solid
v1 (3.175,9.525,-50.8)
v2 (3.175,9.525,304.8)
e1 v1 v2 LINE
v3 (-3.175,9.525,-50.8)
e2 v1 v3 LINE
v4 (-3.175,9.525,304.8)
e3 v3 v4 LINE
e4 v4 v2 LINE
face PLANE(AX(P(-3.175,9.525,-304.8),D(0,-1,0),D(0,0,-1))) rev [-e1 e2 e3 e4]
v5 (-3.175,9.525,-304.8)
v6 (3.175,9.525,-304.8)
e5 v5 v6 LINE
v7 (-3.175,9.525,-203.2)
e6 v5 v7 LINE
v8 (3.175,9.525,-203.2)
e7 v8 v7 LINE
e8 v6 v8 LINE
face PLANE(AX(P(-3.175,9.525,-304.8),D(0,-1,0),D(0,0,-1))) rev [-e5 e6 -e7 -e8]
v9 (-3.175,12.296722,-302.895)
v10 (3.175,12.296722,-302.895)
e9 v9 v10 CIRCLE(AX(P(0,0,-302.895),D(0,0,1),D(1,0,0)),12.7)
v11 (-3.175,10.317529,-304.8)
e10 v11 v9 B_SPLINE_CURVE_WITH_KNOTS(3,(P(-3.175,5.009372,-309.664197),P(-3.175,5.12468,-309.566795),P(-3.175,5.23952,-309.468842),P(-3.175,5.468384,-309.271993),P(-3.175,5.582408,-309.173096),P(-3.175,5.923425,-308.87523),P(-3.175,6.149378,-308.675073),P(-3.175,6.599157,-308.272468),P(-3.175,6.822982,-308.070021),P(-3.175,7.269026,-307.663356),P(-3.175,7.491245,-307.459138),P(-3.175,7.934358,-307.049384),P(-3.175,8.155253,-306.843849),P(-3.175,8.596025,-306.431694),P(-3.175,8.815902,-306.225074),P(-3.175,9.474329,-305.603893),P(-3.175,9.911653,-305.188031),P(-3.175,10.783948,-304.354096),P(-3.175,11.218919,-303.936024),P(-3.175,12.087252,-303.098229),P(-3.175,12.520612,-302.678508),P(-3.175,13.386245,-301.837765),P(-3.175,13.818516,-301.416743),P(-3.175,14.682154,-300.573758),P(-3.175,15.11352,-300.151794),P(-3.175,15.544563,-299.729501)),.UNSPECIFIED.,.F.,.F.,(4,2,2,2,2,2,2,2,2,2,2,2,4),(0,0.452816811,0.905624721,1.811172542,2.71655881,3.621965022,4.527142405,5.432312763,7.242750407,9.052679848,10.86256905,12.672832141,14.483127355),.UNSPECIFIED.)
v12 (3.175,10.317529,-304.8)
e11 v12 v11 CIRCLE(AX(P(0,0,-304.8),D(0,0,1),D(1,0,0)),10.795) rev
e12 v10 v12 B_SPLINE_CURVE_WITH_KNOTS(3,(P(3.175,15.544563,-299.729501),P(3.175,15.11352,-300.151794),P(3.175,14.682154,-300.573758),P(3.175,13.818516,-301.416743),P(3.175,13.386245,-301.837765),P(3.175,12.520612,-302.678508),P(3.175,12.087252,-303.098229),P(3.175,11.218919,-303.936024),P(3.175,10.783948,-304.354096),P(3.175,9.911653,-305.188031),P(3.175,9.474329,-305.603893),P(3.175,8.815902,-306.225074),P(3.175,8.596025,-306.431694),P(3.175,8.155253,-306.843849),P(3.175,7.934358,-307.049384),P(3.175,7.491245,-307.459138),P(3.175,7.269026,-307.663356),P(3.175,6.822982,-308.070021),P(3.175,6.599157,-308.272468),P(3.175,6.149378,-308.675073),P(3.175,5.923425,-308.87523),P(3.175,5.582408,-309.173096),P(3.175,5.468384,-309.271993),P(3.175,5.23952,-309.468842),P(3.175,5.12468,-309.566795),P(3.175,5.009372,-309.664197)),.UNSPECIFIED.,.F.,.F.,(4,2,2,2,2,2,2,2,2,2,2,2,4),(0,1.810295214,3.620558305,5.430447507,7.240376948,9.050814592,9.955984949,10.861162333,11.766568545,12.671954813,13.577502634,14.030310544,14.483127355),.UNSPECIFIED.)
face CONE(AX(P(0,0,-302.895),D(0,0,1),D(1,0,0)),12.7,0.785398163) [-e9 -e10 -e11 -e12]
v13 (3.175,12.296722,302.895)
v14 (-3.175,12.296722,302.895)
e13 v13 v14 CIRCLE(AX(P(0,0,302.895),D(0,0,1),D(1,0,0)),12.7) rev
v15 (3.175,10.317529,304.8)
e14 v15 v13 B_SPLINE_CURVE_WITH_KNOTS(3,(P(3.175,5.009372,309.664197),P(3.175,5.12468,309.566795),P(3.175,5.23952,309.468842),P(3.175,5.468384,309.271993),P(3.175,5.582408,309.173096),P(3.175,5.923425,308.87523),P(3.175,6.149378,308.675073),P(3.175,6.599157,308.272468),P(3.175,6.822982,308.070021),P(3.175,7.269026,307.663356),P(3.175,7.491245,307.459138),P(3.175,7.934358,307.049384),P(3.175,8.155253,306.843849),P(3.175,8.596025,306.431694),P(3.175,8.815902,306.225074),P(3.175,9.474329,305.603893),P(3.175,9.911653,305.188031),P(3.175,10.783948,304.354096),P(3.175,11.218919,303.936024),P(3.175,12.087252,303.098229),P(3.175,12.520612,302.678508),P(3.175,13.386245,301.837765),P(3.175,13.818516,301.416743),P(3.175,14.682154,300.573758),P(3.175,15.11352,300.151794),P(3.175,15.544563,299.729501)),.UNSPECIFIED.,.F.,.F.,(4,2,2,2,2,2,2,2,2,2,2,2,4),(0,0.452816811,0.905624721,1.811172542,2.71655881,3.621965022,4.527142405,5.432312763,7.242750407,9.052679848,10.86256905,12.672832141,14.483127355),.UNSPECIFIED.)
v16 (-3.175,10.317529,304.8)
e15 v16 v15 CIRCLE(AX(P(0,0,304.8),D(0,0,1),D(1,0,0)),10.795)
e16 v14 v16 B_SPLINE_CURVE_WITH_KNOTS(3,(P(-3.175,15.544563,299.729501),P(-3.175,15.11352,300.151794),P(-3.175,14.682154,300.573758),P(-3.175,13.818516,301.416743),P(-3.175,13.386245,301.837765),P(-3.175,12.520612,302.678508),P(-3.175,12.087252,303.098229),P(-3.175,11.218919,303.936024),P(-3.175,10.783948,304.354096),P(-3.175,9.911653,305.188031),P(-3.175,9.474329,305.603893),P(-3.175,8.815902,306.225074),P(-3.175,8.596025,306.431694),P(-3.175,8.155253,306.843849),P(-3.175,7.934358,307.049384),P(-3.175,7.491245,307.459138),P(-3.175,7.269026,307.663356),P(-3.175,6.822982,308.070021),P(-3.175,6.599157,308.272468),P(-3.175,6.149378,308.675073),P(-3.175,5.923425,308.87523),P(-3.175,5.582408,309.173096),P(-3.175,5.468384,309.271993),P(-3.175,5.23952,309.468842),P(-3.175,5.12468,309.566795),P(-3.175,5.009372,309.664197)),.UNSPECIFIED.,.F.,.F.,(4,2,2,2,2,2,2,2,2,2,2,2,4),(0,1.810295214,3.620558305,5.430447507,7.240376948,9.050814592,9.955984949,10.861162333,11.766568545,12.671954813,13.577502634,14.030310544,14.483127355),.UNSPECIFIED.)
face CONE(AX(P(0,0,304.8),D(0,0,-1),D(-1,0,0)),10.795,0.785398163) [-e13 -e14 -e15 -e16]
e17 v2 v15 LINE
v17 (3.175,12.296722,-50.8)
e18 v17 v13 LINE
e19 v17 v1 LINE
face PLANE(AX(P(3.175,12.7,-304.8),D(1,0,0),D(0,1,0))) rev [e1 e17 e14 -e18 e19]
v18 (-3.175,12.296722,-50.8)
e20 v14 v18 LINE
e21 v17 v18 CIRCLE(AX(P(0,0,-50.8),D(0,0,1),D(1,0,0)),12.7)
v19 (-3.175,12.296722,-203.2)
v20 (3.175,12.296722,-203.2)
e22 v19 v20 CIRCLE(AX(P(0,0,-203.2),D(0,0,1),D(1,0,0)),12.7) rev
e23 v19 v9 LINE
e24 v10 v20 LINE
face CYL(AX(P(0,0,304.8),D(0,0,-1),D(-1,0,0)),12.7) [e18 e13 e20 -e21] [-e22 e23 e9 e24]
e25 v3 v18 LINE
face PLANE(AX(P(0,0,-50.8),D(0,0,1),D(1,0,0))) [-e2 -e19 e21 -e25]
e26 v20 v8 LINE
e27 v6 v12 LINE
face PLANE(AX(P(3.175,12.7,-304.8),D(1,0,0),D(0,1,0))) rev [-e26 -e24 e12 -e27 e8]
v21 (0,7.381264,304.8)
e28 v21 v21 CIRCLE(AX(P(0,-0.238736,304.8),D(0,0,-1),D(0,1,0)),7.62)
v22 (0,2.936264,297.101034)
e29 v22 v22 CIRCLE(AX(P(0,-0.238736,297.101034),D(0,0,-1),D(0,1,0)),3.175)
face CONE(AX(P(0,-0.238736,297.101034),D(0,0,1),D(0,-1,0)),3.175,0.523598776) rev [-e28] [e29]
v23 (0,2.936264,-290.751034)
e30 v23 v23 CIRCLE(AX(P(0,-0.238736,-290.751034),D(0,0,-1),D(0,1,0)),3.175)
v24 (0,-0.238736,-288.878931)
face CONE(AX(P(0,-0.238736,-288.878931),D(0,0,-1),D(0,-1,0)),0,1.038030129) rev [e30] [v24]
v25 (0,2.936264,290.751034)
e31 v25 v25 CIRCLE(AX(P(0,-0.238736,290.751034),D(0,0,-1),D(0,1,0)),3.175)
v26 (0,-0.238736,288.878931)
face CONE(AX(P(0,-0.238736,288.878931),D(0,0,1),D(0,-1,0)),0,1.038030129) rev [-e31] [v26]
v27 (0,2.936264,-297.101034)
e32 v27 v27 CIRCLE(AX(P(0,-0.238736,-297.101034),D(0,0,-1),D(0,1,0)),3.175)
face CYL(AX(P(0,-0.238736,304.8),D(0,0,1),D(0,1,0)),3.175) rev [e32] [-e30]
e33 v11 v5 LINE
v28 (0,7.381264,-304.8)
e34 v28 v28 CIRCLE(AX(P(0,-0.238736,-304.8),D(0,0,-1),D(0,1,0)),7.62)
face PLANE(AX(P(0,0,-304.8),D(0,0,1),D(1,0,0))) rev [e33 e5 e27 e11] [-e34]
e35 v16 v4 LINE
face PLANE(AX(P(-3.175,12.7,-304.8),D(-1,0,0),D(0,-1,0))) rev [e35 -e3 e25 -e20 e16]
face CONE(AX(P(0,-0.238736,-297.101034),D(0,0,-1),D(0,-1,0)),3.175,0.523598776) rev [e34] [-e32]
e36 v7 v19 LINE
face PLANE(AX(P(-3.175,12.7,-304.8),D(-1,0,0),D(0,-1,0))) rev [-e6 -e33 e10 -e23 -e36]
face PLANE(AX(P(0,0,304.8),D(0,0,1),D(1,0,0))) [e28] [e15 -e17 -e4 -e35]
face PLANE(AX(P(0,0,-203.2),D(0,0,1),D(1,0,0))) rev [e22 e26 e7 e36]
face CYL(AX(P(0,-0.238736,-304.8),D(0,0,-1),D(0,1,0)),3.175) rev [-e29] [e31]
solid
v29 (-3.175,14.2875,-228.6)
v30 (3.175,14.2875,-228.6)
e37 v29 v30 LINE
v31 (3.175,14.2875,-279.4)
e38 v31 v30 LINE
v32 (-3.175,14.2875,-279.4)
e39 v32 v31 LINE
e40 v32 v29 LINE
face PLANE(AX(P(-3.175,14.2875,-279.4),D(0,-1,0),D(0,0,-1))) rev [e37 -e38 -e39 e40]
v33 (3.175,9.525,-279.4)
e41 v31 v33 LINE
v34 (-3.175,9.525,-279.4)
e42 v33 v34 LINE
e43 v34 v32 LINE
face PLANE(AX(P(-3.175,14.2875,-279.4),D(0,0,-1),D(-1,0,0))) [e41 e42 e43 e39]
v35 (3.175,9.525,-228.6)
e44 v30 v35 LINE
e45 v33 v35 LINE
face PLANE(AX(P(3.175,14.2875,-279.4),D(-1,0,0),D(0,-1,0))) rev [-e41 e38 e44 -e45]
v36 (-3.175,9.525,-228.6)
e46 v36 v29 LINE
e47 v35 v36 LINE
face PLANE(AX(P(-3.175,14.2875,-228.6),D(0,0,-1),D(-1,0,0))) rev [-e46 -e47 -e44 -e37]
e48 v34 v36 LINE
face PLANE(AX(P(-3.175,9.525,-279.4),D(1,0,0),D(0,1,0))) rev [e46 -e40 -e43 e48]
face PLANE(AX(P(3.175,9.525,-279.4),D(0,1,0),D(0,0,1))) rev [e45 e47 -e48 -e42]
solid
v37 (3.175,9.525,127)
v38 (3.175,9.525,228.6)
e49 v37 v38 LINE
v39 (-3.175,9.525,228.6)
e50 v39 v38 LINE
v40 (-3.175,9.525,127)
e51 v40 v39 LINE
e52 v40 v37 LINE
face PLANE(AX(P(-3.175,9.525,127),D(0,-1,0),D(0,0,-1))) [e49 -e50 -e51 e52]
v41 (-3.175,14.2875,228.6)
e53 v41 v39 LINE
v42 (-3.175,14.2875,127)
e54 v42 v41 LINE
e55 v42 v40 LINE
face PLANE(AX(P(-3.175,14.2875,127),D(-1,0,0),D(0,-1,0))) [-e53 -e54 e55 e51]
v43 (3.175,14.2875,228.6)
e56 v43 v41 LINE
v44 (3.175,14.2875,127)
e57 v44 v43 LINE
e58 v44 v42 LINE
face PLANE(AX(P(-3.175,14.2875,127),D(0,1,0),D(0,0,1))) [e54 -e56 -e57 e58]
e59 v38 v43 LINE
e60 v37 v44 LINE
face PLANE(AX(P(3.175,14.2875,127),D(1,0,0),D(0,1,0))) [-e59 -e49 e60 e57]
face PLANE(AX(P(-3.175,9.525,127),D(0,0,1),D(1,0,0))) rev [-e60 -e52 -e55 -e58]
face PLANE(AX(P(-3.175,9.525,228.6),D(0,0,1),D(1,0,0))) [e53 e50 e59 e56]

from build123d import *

# Parameters (mm, degrees)
SKETCH1_R           = 12.7
EXTRUDE1_DEPTH      = 304.8
CHAMFER1_SIZE       = 1.905
EXTRUDE2_DEPTH      = 306.328708116
EXTRUDE2_DEPTH_BACK = 306.328708116
SKETCH3_W           = 6.35
SKETCH3_H           = 3.175
EXTRUDE3_START      = -203.2
SKETCH1_2_R         = 12.7
EXTRUDE3_DEPTH      = 152.4
SKETCH5_W           = 6.35
SKETCH5_H           = 4.7625
EXTRUDE4_DEPTH      = 101.6
SKETCH6_W           = 6.35
SKETCH6_H           = 4.7625
EXTRUDE5_DEPTH      = 25.4


with BuildPart() as part:
    # Sketch1 → Extrude1 (new, symmetric)
    with BuildSketch(Plane.XY):
        with Locations(Location((0, 0, 0), (0, 0, 180))):
            Circle(SKETCH1_R)
    extrude(amount=EXTRUDE1_DEPTH, both=True)

    # Chamfer1
    chamfer1_edges = [part.edges().sort_by_distance(p)[0] for p in [
        (12.7, 0, -304.8),
        (12.7, 0, 304.8),
    ]]
    chamfer(chamfer1_edges, length=CHAMFER1_SIZE)

    # Sketch3 → Extrude2 (cut, two sides: drawn at the far end of the back side and taken through both)
    with BuildSketch(Plane.XY.offset(-EXTRUDE2_DEPTH_BACK)):
        with Locations((0, 11.1125)):
            Rectangle(SKETCH3_W, SKETCH3_H)
    extrude(amount=EXTRUDE2_DEPTH + EXTRUDE2_DEPTH_BACK, mode=Mode.SUBTRACT)

    # Sketch1<2> → Extrude3 (add)
    with BuildSketch(Plane.XY.offset(EXTRUDE3_START)):
        with Locations(Location((0, 0, 0), (0, 0, 104.477512186))):
            Circle(SKETCH1_2_R)
    extrude(amount=EXTRUDE3_DEPTH)

    # Sketch8 → Cut-Revolve1 (revolve, cut)
    with BuildSketch(Plane(origin=(0, 0, 0), x_dir=(0, 0, -1), z_dir=(1, 0, 0))):
        Polygon((-304.8, -0.238735613), (-288.878930704, -0.238735613), (-290.75103416, 2.936264387), (-297.10103416, 2.936264387), (-304.8, 7.381264387), (-309.984886671, 7.381264387), (-309.984886671, -0.238735613), align=None)
    cut_revolve1 = revolve(axis=Axis((0, -0.238735613, -304.8), (0, 0, 1)), mode=Mode.SUBTRACT)

    # Mirror1: Cut-Revolve1 across plane
    add(cut_revolve1.mirror(Plane.XY), mode=Mode.SUBTRACT)


with BuildPart() as body_2:
    # Sketch5 → Extrude4 (new body)
    with BuildSketch(Plane.XY.offset(228.6)):
        with Locations((0, 11.90625)):
            Rectangle(SKETCH5_W, SKETCH5_H)
    extrude(amount=-EXTRUDE4_DEPTH)


with BuildPart() as body_3:
    # Sketch6 → Extrude5 (new, symmetric)
    with BuildSketch(Plane(origin=(0, 0, -254), x_dir=(-1, 0, 0), z_dir=(0, 0, -1))):
        with Locations((0, 11.90625)):
            Rectangle(SKETCH6_W, SKETCH6_H)
    extrude(amount=EXTRUDE5_DEPTH, both=True)


solid = Compound([part.part, body_2.part, body_3.part])
